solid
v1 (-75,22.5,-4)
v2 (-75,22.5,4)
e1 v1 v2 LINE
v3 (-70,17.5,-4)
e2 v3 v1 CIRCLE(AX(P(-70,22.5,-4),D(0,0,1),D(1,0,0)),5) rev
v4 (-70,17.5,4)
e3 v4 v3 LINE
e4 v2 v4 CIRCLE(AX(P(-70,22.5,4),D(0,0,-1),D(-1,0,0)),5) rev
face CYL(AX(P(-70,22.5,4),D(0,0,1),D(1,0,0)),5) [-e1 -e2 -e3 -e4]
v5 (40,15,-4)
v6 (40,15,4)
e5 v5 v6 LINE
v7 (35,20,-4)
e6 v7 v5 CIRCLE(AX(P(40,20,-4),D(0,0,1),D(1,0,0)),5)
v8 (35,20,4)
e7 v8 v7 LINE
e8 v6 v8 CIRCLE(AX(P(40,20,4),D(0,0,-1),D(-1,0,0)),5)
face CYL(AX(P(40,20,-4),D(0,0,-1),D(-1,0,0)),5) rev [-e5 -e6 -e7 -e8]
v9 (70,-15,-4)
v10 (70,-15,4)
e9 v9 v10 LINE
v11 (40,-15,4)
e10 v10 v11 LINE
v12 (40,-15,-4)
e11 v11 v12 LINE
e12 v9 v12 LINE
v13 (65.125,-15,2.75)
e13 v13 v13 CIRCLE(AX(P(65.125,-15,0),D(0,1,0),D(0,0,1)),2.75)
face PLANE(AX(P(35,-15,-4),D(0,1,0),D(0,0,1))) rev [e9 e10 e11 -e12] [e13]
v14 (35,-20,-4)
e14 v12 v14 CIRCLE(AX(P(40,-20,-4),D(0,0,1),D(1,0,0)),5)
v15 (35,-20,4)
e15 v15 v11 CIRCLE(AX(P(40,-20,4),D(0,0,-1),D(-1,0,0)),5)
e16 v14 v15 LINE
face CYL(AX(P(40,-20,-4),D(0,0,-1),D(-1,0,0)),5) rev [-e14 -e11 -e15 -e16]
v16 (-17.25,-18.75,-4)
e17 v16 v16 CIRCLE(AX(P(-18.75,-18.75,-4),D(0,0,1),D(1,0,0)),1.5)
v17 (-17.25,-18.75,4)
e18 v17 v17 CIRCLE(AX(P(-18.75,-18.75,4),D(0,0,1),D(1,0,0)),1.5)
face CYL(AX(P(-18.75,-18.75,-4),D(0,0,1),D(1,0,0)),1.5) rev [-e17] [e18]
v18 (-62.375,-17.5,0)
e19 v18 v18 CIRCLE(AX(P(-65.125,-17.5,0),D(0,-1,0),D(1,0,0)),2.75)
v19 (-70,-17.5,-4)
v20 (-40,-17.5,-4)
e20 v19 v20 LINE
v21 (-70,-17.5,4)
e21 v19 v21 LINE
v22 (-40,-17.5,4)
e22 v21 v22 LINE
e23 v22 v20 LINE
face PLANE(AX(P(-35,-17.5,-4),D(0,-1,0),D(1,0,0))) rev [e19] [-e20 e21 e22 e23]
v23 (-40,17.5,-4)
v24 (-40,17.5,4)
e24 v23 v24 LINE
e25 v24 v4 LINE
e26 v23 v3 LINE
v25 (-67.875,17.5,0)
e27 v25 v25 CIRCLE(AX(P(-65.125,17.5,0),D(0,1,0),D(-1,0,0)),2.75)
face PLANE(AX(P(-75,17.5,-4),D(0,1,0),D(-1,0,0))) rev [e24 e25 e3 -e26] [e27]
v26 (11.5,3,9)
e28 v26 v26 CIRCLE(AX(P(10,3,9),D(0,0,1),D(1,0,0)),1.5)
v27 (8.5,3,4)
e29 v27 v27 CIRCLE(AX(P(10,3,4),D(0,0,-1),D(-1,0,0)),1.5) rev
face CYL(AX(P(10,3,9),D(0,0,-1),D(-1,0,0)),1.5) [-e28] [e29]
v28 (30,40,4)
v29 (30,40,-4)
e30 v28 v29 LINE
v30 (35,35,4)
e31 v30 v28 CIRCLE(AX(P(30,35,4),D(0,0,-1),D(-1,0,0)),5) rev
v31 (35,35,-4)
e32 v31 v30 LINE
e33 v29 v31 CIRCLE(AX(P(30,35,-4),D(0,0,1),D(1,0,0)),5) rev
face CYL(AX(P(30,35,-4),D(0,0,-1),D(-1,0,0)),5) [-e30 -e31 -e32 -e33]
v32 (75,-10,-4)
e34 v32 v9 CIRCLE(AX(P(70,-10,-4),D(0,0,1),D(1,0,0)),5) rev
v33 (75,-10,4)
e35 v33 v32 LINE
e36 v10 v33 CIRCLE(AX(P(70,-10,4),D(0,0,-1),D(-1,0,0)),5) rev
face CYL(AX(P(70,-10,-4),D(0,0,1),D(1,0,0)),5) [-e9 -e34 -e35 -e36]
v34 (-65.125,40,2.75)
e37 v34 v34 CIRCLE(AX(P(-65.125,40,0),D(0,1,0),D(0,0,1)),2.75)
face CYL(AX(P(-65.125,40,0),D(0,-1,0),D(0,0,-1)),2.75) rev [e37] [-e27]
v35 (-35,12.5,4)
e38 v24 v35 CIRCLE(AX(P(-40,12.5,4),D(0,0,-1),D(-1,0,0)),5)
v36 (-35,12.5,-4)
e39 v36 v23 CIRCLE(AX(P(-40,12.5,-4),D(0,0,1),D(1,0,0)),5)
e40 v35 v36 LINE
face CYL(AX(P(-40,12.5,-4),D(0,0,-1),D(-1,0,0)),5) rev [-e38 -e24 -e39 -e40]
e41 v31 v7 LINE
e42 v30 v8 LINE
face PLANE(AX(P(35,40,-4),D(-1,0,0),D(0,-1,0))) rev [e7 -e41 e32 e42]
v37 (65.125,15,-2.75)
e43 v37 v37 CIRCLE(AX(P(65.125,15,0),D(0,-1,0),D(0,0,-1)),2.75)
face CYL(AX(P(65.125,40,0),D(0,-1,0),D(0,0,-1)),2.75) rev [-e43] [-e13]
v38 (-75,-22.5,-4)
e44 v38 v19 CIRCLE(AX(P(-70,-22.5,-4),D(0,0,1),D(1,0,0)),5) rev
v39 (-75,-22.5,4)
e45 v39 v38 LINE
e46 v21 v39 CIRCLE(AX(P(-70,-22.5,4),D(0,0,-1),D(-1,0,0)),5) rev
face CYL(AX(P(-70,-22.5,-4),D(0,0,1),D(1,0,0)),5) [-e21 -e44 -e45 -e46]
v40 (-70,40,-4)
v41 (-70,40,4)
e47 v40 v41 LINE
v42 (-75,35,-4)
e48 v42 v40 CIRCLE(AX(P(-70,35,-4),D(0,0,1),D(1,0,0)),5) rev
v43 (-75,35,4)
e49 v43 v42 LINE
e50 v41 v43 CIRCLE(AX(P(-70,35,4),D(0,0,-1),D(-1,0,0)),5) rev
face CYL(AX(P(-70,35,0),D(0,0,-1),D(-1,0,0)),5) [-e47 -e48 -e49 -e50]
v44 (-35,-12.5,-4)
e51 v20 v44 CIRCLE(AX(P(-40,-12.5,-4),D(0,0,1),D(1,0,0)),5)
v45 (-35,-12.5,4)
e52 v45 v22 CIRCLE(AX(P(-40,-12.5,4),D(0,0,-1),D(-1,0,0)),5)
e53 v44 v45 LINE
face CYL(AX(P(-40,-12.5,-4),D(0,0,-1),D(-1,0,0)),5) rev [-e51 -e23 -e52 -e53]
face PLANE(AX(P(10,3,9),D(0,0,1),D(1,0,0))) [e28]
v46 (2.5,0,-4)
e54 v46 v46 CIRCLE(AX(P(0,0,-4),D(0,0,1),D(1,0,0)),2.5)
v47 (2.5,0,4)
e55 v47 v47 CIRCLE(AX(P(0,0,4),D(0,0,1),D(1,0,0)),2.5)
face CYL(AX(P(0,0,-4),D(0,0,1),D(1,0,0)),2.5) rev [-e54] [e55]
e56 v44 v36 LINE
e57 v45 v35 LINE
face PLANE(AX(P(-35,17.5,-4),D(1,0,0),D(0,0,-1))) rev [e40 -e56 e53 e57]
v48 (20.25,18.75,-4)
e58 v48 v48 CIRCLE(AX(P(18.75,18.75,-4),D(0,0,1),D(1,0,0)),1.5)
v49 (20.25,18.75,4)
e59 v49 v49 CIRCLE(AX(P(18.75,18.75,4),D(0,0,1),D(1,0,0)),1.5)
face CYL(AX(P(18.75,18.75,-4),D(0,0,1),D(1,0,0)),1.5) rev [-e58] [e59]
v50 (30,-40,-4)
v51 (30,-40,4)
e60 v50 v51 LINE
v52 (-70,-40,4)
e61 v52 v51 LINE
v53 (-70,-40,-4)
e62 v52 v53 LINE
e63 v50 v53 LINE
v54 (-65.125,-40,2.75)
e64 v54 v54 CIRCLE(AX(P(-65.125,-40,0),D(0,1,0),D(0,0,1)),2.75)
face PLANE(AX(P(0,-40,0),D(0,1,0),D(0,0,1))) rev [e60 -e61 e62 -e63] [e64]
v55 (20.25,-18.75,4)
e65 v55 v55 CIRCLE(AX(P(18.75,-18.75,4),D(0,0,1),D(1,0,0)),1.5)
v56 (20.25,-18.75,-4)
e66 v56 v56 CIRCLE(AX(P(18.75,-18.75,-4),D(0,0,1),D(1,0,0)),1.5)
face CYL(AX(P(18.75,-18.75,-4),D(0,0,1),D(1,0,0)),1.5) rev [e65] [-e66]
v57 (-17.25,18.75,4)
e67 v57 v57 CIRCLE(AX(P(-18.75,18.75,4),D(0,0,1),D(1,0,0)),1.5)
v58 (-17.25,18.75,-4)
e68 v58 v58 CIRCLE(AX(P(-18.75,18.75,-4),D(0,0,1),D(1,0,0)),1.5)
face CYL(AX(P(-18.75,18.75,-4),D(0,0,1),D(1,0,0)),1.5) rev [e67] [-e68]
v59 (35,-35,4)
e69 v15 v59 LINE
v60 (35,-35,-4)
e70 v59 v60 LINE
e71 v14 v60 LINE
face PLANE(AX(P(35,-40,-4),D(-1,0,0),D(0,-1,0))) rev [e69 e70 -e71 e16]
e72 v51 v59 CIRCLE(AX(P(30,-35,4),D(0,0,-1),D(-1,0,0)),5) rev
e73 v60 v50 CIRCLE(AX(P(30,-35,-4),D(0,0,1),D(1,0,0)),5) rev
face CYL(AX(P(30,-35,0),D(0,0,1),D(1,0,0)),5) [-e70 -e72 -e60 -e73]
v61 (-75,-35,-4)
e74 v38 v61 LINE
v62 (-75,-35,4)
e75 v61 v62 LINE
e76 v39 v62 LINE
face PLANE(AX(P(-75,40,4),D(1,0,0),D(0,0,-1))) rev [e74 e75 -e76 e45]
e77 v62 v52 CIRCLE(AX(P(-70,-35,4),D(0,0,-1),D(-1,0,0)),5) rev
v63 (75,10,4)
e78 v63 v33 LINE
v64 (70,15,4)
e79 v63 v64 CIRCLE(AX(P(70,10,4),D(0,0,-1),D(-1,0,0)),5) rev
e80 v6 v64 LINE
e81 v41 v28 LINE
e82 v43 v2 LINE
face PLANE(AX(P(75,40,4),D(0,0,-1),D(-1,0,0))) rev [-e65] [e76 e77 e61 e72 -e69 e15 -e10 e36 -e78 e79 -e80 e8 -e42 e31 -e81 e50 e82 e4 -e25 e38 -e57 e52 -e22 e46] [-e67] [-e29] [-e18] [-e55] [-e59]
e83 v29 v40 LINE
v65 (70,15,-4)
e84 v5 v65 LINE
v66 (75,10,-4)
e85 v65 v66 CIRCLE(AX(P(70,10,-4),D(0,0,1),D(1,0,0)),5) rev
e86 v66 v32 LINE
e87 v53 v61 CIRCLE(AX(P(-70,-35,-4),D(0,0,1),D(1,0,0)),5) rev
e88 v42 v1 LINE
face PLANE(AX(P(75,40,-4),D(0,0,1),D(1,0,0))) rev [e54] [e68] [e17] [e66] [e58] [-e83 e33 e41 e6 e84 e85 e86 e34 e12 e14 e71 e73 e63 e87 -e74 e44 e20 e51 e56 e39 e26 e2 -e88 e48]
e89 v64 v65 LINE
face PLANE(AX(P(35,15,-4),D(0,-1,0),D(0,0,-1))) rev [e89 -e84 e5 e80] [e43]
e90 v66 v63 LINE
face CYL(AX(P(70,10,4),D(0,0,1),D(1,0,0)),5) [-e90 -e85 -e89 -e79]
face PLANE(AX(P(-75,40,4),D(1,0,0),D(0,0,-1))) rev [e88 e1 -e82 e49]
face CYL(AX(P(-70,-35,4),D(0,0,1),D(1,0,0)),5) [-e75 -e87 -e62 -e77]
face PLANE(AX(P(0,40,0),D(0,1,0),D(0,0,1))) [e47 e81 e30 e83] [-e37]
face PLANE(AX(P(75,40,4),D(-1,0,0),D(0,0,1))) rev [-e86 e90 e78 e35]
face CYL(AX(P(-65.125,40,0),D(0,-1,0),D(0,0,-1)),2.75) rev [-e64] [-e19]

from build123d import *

# Parameters (mm, degrees)
SKETCH1_W           = 150
SKETCH1_H           = 8
SKETCH1_R           = 2.75
BOSS_EXTRUDE1_DEPTH = 40
SKETCH2_R           = 1.5
CUT_EXTRUDE1_DEPTH  = 86.375640554
SKETCH3_W           = 40
SKETCH3_H           = 35
SKETCH3_H_2         = 25
CUT_EXTRUDE2_DEPTH  = 86.375640554
FILLET1_R           = 5
SKETCH4_R           = 2.5
CUT_EXTRUDE3_DEPTH  = 86.375640554
SKETCH5_R           = 1.5
BOSS_EXTRUDE2_DEPTH = 5


with BuildPart() as part:
    # Sketch1 → Boss-Extrude1 (new, symmetric)
    with BuildSketch(Plane(origin=(0, 0, 0), x_dir=(1, 0, 0), z_dir=(0, 1, 0))):
        Rectangle(SKETCH1_W, SKETCH1_H)
        with Locations(Location((-65.125, 0, 0), (0, 0, 270))):
            Circle(SKETCH1_R, mode=Mode.SUBTRACT)
        with Locations(Location((65.125, 0, 0), (0, 0, 270))):
            Circle(SKETCH1_R, mode=Mode.SUBTRACT)
    extrude(amount=BOSS_EXTRUDE1_DEPTH, both=True)

    # Sketch2 → Cut-Extrude1 (cut, through all)
    with BuildSketch(Plane.XY.offset(4)):
        with Locations((-18.75, 18.75)):
            Circle(SKETCH2_R)
        with Locations((18.75, 18.75)):
            Circle(SKETCH2_R)
        with Locations((18.75, -18.75)):
            Circle(SKETCH2_R)
        with Locations((-18.75, -18.75)):
            Circle(SKETCH2_R)
    extrude(amount=-CUT_EXTRUDE1_DEPTH, mode=Mode.SUBTRACT)

    # Sketch3 → Cut-Extrude2 (cut, through all)
    with BuildSketch(Plane.XY.offset(4)):
        with Locations((-55, 0)):
            Rectangle(SKETCH3_W, SKETCH3_H)
        with Locations((55, 27.5)):
            Rectangle(SKETCH3_W, SKETCH3_H_2)
        with Locations((55, -27.5)):
            Rectangle(SKETCH3_W, SKETCH3_H_2)
    extrude(amount=-CUT_EXTRUDE2_DEPTH, mode=Mode.SUBTRACT)

    # Fillet1
    fillet1_edges = [part.edges().sort_by_distance(p)[0] for p in [
        (-75, 40, 0),
        (-75, -17.5, 0),
        (-75, 17.5, 0),
        (-35, 17.5, 0),
        (-35, -17.5, 0),
        (-75, -40, 0),
        (75, 15, 0),
        (35, 15, 0),
        (35, 40, 0),
        (35, -15, 0),
        (75, -15, 0),
        (35, -40, 0),
    ]]
    fillet(fillet1_edges, radius=FILLET1_R)

    # Sketch4 → Cut-Extrude3 (cut, through all)
    with BuildSketch(Plane.XY.offset(4)):
        Circle(SKETCH4_R)
    extrude(amount=-CUT_EXTRUDE3_DEPTH, mode=Mode.SUBTRACT)

    # Sketch5 → Boss-Extrude2 (add)
    with BuildSketch(Plane.XY.offset(4)):
        with Locations(Location((10, 3, 0), (0, 0, 180))):
            Circle(SKETCH5_R)
    extrude(amount=BOSS_EXTRUDE2_DEPTH)


solid = part.part
